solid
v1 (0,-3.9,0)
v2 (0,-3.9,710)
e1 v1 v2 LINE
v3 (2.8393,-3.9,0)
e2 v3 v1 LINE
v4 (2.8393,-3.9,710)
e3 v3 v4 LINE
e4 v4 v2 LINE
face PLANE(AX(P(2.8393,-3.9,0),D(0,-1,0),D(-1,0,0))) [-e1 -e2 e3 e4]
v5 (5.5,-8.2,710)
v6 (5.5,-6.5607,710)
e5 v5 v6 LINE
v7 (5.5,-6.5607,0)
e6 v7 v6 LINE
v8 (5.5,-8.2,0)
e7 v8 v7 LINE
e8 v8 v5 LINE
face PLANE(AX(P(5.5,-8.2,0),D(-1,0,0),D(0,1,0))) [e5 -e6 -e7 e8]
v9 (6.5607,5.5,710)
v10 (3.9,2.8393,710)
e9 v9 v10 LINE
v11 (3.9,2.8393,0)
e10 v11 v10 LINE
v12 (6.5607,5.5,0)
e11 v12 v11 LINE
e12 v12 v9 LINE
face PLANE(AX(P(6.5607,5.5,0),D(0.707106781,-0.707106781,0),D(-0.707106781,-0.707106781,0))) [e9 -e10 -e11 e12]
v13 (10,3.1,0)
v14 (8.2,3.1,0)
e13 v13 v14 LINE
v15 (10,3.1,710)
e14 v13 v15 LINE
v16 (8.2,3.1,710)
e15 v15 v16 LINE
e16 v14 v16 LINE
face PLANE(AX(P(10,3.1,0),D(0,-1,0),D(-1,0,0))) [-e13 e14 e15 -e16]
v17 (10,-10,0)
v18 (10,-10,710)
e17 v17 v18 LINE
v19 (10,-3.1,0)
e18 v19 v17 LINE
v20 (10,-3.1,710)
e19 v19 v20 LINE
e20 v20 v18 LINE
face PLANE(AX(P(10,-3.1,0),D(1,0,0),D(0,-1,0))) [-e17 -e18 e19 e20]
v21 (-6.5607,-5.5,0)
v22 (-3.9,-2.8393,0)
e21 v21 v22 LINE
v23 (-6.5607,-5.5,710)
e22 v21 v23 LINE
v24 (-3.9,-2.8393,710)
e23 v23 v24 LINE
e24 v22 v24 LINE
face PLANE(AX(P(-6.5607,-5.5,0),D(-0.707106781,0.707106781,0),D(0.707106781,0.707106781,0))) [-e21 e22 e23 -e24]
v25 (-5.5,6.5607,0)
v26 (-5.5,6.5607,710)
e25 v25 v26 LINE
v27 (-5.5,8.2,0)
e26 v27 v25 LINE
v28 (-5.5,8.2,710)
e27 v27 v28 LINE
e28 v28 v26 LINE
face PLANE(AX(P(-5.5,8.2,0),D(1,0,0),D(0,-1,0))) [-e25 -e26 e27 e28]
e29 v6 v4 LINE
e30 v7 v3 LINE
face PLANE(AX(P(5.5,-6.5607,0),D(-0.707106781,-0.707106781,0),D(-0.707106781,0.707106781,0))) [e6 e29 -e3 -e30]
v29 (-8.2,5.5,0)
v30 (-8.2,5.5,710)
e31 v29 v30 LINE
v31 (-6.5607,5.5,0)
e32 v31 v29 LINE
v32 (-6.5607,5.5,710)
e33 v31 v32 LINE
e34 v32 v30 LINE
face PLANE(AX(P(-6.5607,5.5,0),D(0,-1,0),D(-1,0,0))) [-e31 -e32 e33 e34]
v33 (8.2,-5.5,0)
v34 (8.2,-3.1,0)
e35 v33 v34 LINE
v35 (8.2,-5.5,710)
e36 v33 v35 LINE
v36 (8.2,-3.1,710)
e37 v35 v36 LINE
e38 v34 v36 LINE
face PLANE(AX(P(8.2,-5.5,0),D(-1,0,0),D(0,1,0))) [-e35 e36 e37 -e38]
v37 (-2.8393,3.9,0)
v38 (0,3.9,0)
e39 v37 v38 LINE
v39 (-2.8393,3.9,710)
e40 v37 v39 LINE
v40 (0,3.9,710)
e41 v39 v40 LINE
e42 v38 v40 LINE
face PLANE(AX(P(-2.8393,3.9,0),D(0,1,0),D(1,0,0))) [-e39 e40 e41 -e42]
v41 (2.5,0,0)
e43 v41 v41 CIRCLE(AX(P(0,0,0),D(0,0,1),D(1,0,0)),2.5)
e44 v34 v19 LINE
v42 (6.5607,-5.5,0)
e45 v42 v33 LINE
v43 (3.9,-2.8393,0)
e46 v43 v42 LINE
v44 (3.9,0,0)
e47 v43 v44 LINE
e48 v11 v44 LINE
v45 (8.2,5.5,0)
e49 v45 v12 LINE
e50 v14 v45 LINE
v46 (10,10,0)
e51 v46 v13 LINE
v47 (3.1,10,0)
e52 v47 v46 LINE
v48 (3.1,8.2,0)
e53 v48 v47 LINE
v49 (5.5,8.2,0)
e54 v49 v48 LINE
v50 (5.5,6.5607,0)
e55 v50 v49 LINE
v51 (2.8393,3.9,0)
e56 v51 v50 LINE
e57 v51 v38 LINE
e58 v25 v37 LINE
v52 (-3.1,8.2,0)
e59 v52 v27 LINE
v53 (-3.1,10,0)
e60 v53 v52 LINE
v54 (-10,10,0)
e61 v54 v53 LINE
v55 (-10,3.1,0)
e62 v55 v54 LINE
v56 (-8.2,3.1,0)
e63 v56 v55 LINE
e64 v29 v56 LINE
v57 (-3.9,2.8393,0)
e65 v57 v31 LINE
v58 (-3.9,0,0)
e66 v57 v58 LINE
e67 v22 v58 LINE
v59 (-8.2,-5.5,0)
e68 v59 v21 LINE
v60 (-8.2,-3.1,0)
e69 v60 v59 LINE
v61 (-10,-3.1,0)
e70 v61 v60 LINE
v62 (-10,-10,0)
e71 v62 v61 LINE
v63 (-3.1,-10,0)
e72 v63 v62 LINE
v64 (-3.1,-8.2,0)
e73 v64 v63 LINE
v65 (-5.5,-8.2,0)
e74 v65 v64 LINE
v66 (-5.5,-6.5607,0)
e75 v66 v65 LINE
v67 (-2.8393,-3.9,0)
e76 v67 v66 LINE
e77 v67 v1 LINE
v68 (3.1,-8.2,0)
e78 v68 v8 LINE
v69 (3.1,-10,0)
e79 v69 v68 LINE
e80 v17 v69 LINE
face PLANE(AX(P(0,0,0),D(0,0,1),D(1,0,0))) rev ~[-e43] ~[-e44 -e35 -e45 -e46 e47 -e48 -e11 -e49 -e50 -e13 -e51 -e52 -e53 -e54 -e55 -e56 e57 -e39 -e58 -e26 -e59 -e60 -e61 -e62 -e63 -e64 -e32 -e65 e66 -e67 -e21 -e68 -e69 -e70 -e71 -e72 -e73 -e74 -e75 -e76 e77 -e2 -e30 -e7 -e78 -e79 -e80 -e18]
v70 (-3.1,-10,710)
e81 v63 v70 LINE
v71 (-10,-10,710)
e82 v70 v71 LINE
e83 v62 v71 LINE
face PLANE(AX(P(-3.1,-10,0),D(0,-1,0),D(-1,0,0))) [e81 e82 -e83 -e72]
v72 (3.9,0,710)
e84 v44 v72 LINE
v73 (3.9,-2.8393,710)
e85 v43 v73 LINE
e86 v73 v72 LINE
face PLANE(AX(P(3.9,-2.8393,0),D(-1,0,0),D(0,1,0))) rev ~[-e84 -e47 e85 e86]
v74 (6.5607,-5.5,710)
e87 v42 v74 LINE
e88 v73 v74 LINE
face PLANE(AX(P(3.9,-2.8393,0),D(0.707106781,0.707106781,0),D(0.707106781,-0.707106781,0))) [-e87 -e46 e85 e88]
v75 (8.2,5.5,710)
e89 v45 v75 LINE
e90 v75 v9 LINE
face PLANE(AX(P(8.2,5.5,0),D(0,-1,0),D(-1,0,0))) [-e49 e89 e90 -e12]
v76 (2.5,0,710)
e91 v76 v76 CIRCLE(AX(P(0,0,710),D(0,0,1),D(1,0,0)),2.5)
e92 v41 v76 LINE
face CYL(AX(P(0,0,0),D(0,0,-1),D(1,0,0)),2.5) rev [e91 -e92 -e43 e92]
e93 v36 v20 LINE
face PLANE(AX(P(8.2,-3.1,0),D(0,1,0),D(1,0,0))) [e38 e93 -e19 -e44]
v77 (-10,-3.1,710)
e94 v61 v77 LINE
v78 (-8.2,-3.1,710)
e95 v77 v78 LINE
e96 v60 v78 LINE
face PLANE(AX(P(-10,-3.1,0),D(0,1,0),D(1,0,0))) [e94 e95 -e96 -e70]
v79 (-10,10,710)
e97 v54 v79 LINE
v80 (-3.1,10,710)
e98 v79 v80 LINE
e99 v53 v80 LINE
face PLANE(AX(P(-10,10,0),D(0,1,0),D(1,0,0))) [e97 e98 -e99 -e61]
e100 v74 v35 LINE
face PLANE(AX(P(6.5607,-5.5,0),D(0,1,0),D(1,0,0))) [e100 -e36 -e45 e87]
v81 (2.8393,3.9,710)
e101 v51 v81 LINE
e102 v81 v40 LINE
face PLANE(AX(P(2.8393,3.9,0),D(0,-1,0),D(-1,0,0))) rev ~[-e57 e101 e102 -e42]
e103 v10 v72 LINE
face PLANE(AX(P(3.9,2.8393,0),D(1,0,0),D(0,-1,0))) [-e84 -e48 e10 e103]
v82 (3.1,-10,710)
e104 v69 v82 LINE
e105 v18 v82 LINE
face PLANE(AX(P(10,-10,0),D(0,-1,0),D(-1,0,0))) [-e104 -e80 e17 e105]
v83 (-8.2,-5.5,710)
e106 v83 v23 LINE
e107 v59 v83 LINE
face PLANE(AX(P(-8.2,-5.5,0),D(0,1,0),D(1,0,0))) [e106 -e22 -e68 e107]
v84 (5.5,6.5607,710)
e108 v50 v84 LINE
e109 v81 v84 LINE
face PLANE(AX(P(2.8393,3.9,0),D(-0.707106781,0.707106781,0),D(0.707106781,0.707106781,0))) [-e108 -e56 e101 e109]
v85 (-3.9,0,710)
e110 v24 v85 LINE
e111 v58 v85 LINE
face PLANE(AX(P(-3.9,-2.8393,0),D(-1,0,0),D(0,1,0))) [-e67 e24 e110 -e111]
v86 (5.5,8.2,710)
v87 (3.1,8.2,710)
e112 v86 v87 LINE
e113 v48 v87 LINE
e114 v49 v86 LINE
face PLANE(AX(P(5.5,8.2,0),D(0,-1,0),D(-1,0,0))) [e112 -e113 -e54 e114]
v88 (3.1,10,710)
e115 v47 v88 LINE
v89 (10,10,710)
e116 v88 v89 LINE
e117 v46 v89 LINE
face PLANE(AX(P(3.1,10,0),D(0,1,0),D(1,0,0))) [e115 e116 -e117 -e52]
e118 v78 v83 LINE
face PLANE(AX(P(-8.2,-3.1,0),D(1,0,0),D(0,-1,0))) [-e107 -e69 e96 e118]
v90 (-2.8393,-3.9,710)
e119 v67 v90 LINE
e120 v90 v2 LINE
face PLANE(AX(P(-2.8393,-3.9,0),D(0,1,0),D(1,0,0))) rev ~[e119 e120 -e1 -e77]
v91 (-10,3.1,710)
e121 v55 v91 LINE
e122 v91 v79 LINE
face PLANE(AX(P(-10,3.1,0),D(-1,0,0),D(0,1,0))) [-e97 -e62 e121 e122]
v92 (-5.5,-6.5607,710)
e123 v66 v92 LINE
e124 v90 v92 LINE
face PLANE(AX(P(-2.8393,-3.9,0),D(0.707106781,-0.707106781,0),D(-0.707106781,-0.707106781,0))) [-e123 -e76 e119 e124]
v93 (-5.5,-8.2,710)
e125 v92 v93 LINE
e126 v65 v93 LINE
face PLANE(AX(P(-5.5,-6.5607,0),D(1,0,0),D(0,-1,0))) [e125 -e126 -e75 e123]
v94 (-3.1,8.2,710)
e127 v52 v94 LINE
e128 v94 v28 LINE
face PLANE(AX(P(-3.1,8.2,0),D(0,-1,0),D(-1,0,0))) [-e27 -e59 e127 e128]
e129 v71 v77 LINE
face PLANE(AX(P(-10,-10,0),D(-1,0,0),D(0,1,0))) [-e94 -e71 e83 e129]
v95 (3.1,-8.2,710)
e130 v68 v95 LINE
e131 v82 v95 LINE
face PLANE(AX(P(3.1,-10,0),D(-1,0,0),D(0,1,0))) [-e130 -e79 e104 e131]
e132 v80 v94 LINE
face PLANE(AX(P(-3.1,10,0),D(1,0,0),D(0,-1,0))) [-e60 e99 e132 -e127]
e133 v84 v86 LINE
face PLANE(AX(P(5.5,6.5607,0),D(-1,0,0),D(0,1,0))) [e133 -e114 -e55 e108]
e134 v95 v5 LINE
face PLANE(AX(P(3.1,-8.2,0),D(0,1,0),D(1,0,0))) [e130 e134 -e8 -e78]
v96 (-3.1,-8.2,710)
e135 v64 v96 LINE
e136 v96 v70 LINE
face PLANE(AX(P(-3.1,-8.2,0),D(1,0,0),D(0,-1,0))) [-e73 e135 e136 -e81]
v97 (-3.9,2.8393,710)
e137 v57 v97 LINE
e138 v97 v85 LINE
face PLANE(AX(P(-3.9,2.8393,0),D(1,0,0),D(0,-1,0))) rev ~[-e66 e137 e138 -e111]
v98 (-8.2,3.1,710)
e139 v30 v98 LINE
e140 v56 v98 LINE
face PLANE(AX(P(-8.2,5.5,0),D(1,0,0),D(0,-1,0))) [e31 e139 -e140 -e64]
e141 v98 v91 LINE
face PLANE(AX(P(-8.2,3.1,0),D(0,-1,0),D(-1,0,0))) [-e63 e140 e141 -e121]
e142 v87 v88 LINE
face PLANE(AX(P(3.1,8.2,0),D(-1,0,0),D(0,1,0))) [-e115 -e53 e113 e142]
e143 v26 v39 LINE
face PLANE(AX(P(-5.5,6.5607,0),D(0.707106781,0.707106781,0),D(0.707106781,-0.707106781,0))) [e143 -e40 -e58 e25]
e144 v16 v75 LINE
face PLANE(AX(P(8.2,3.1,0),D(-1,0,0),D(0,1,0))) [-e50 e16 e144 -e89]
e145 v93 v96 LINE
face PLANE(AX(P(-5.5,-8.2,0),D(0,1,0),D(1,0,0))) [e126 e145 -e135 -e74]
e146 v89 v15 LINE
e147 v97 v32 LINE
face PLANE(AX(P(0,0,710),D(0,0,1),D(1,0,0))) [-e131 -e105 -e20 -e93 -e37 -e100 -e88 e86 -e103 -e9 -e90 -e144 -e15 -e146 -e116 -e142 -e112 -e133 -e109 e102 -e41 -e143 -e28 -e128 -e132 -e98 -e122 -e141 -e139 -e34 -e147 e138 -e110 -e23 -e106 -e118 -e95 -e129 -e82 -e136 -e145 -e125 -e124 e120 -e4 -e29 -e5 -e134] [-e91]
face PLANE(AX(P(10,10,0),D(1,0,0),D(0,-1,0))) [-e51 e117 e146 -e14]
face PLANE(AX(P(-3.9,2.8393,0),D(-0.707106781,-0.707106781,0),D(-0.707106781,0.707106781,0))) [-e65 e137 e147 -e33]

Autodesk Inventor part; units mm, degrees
ref_plane "YZ Plane" through (0, 0, 0) normal (1, 0, 0) x (0, 1, 0)
ref_plane "XZ Plane" through (0, 0, 0) normal (0, 1, 0) x (-1, 0, 0)
ref_plane "XY Plane" through (0, 0, 0) normal (0, 0, 1) x (1, 0, 0)
sketch "Sketch1" plane through (0, 0, 0) normal (0, 0, 1) x (1, 0, 0)
  line L0 (10, -10) -> (-10, -10) construction
  line L1 (-10, -10) -> (-10, 10) construction
  line L2 (-10, 10) -> (10, 10) construction
  line L3 (10, 10) -> (10, -10) construction
  line L4 (-2.8393, -3.9) -> (-5.5, -6.5607)
  line L5 (-5.5, -6.5607) -> (-5.5, -8.2)
  line L6 (-5.5, -8.2) -> (-3.1, -8.2)
  line L7 (-3.1, -8.2) -> (-3.1, -10)
  line L8 (-3.1, -10) -> (-10, -10)
  line L9 (-10, -10) -> (-10, -3.1)
  line L10 (-10, -3.1) -> (-8.2, -3.1)
  line L11 (-8.2, -3.1) -> (-8.2, -5.5)
  line L12 (-8.2, -5.5) -> (-6.5607, -5.5)
  line L13 (-6.5607, -5.5) -> (-3.9, -2.8393)
  line L14 (-2.8393, -3.9) -> (0, -3.9)
  line L15 (-3.9, -2.8393) -> (-3.9, 0)
  line L16 (-3.9, -2.8393) -> (-6.6948, -2.8393) construction
  line L17 (3.9, -2.8393) -> (3.9, 0)
  line L18 (2.8393, -3.9) -> (2.8393, -6.6948) construction
  line L19 (3.9, -2.8393) -> (6.5607, -5.5)
  line L20 (6.5607, -5.5) -> (8.2, -5.5)
  line L21 (5.5, -6.5607) -> (2.8393, -3.9)
  line L22 (5.5, -8.2) -> (5.5, -6.5607)
  line L23 (3.1, -8.2) -> (5.5, -8.2)
  line L24 (3.1, -10) -> (3.1, -8.2)
  line L25 (10, -10) -> (3.1, -10)
  line L26 (10, -3.1) -> (10, -10)
  line L27 (8.2, -3.1) -> (10, -3.1)
  line L28 (8.2, -5.5) -> (8.2, -3.1)
  line L29 (2.8393, -3.9) -> (0, -3.9)
  line L30 (2.8393, 3.9) -> (0, 3.9)
  line L31 (3.9, 2.8393) -> (6.6948, 2.8393) construction
  line L32 (2.8393, 3.9) -> (5.5, 6.5607)
  line L33 (5.5, 6.5607) -> (5.5, 8.2)
  line L34 (6.5607, 5.5) -> (3.9, 2.8393)
  line L35 (8.2, 5.5) -> (6.5607, 5.5)
  line L36 (8.2, 3.1) -> (8.2, 5.5)
  line L37 (10, 3.1) -> (8.2, 3.1)
  line L38 (10, 10) -> (10, 3.1)
  line L39 (3.1, 10) -> (10, 10)
  line L40 (3.1, 8.2) -> (3.1, 10)
  line L41 (5.5, 8.2) -> (3.1, 8.2)
  line L42 (3.9, 2.8393) -> (3.9, 0)
  line L43 (-3.9, 2.8393) -> (-3.9, 0)
  line L44 (-2.8393, 3.9) -> (-2.8393, 6.6948) construction
  line L45 (-3.9, 2.8393) -> (-6.5607, 5.5)
  line L46 (-6.5607, 5.5) -> (-8.2, 5.5)
  line L47 (-5.5, 6.5607) -> (-2.8393, 3.9)
  line L48 (-5.5, 8.2) -> (-5.5, 6.5607)
  line L49 (-3.1, 8.2) -> (-5.5, 8.2)
  line L50 (-3.1, 10) -> (-3.1, 8.2)
  line L51 (-10, 10) -> (-3.1, 10)
  line L52 (-10, 3.1) -> (-10, 10)
  line L53 (-8.2, 3.1) -> (-10, 3.1)
  line L54 (-8.2, 5.5) -> (-8.2, 3.1)
  line L55 (-2.8393, 3.9) -> (0, 3.9)
  circle A0 centre (0, 0) radius 2.5
  point P0 (3.9, 0)
  point P1 (0, 3.9)
  dimension "d0" = 20
  dimension "d1" = 20
  dimension "d2" = 10
  dimension "d3" = 10
  dimension "d4" = 3.1
  dimension "d5" = 5.5
  dimension "d6" = 5.5
  dimension "d7" = 3.1
  dimension "d8" = 1.8
  dimension "d10" = 6.1
  dimension "d11" = 6.1
  dimension "d12" = 45
  dimension "d13" = 1.5
  dimension "d16" = 360
  dimension "d18" = 5
extrude "Extrusion1" add sketch "Sketch1" along normal blind 710
properties part number "2020_710"
